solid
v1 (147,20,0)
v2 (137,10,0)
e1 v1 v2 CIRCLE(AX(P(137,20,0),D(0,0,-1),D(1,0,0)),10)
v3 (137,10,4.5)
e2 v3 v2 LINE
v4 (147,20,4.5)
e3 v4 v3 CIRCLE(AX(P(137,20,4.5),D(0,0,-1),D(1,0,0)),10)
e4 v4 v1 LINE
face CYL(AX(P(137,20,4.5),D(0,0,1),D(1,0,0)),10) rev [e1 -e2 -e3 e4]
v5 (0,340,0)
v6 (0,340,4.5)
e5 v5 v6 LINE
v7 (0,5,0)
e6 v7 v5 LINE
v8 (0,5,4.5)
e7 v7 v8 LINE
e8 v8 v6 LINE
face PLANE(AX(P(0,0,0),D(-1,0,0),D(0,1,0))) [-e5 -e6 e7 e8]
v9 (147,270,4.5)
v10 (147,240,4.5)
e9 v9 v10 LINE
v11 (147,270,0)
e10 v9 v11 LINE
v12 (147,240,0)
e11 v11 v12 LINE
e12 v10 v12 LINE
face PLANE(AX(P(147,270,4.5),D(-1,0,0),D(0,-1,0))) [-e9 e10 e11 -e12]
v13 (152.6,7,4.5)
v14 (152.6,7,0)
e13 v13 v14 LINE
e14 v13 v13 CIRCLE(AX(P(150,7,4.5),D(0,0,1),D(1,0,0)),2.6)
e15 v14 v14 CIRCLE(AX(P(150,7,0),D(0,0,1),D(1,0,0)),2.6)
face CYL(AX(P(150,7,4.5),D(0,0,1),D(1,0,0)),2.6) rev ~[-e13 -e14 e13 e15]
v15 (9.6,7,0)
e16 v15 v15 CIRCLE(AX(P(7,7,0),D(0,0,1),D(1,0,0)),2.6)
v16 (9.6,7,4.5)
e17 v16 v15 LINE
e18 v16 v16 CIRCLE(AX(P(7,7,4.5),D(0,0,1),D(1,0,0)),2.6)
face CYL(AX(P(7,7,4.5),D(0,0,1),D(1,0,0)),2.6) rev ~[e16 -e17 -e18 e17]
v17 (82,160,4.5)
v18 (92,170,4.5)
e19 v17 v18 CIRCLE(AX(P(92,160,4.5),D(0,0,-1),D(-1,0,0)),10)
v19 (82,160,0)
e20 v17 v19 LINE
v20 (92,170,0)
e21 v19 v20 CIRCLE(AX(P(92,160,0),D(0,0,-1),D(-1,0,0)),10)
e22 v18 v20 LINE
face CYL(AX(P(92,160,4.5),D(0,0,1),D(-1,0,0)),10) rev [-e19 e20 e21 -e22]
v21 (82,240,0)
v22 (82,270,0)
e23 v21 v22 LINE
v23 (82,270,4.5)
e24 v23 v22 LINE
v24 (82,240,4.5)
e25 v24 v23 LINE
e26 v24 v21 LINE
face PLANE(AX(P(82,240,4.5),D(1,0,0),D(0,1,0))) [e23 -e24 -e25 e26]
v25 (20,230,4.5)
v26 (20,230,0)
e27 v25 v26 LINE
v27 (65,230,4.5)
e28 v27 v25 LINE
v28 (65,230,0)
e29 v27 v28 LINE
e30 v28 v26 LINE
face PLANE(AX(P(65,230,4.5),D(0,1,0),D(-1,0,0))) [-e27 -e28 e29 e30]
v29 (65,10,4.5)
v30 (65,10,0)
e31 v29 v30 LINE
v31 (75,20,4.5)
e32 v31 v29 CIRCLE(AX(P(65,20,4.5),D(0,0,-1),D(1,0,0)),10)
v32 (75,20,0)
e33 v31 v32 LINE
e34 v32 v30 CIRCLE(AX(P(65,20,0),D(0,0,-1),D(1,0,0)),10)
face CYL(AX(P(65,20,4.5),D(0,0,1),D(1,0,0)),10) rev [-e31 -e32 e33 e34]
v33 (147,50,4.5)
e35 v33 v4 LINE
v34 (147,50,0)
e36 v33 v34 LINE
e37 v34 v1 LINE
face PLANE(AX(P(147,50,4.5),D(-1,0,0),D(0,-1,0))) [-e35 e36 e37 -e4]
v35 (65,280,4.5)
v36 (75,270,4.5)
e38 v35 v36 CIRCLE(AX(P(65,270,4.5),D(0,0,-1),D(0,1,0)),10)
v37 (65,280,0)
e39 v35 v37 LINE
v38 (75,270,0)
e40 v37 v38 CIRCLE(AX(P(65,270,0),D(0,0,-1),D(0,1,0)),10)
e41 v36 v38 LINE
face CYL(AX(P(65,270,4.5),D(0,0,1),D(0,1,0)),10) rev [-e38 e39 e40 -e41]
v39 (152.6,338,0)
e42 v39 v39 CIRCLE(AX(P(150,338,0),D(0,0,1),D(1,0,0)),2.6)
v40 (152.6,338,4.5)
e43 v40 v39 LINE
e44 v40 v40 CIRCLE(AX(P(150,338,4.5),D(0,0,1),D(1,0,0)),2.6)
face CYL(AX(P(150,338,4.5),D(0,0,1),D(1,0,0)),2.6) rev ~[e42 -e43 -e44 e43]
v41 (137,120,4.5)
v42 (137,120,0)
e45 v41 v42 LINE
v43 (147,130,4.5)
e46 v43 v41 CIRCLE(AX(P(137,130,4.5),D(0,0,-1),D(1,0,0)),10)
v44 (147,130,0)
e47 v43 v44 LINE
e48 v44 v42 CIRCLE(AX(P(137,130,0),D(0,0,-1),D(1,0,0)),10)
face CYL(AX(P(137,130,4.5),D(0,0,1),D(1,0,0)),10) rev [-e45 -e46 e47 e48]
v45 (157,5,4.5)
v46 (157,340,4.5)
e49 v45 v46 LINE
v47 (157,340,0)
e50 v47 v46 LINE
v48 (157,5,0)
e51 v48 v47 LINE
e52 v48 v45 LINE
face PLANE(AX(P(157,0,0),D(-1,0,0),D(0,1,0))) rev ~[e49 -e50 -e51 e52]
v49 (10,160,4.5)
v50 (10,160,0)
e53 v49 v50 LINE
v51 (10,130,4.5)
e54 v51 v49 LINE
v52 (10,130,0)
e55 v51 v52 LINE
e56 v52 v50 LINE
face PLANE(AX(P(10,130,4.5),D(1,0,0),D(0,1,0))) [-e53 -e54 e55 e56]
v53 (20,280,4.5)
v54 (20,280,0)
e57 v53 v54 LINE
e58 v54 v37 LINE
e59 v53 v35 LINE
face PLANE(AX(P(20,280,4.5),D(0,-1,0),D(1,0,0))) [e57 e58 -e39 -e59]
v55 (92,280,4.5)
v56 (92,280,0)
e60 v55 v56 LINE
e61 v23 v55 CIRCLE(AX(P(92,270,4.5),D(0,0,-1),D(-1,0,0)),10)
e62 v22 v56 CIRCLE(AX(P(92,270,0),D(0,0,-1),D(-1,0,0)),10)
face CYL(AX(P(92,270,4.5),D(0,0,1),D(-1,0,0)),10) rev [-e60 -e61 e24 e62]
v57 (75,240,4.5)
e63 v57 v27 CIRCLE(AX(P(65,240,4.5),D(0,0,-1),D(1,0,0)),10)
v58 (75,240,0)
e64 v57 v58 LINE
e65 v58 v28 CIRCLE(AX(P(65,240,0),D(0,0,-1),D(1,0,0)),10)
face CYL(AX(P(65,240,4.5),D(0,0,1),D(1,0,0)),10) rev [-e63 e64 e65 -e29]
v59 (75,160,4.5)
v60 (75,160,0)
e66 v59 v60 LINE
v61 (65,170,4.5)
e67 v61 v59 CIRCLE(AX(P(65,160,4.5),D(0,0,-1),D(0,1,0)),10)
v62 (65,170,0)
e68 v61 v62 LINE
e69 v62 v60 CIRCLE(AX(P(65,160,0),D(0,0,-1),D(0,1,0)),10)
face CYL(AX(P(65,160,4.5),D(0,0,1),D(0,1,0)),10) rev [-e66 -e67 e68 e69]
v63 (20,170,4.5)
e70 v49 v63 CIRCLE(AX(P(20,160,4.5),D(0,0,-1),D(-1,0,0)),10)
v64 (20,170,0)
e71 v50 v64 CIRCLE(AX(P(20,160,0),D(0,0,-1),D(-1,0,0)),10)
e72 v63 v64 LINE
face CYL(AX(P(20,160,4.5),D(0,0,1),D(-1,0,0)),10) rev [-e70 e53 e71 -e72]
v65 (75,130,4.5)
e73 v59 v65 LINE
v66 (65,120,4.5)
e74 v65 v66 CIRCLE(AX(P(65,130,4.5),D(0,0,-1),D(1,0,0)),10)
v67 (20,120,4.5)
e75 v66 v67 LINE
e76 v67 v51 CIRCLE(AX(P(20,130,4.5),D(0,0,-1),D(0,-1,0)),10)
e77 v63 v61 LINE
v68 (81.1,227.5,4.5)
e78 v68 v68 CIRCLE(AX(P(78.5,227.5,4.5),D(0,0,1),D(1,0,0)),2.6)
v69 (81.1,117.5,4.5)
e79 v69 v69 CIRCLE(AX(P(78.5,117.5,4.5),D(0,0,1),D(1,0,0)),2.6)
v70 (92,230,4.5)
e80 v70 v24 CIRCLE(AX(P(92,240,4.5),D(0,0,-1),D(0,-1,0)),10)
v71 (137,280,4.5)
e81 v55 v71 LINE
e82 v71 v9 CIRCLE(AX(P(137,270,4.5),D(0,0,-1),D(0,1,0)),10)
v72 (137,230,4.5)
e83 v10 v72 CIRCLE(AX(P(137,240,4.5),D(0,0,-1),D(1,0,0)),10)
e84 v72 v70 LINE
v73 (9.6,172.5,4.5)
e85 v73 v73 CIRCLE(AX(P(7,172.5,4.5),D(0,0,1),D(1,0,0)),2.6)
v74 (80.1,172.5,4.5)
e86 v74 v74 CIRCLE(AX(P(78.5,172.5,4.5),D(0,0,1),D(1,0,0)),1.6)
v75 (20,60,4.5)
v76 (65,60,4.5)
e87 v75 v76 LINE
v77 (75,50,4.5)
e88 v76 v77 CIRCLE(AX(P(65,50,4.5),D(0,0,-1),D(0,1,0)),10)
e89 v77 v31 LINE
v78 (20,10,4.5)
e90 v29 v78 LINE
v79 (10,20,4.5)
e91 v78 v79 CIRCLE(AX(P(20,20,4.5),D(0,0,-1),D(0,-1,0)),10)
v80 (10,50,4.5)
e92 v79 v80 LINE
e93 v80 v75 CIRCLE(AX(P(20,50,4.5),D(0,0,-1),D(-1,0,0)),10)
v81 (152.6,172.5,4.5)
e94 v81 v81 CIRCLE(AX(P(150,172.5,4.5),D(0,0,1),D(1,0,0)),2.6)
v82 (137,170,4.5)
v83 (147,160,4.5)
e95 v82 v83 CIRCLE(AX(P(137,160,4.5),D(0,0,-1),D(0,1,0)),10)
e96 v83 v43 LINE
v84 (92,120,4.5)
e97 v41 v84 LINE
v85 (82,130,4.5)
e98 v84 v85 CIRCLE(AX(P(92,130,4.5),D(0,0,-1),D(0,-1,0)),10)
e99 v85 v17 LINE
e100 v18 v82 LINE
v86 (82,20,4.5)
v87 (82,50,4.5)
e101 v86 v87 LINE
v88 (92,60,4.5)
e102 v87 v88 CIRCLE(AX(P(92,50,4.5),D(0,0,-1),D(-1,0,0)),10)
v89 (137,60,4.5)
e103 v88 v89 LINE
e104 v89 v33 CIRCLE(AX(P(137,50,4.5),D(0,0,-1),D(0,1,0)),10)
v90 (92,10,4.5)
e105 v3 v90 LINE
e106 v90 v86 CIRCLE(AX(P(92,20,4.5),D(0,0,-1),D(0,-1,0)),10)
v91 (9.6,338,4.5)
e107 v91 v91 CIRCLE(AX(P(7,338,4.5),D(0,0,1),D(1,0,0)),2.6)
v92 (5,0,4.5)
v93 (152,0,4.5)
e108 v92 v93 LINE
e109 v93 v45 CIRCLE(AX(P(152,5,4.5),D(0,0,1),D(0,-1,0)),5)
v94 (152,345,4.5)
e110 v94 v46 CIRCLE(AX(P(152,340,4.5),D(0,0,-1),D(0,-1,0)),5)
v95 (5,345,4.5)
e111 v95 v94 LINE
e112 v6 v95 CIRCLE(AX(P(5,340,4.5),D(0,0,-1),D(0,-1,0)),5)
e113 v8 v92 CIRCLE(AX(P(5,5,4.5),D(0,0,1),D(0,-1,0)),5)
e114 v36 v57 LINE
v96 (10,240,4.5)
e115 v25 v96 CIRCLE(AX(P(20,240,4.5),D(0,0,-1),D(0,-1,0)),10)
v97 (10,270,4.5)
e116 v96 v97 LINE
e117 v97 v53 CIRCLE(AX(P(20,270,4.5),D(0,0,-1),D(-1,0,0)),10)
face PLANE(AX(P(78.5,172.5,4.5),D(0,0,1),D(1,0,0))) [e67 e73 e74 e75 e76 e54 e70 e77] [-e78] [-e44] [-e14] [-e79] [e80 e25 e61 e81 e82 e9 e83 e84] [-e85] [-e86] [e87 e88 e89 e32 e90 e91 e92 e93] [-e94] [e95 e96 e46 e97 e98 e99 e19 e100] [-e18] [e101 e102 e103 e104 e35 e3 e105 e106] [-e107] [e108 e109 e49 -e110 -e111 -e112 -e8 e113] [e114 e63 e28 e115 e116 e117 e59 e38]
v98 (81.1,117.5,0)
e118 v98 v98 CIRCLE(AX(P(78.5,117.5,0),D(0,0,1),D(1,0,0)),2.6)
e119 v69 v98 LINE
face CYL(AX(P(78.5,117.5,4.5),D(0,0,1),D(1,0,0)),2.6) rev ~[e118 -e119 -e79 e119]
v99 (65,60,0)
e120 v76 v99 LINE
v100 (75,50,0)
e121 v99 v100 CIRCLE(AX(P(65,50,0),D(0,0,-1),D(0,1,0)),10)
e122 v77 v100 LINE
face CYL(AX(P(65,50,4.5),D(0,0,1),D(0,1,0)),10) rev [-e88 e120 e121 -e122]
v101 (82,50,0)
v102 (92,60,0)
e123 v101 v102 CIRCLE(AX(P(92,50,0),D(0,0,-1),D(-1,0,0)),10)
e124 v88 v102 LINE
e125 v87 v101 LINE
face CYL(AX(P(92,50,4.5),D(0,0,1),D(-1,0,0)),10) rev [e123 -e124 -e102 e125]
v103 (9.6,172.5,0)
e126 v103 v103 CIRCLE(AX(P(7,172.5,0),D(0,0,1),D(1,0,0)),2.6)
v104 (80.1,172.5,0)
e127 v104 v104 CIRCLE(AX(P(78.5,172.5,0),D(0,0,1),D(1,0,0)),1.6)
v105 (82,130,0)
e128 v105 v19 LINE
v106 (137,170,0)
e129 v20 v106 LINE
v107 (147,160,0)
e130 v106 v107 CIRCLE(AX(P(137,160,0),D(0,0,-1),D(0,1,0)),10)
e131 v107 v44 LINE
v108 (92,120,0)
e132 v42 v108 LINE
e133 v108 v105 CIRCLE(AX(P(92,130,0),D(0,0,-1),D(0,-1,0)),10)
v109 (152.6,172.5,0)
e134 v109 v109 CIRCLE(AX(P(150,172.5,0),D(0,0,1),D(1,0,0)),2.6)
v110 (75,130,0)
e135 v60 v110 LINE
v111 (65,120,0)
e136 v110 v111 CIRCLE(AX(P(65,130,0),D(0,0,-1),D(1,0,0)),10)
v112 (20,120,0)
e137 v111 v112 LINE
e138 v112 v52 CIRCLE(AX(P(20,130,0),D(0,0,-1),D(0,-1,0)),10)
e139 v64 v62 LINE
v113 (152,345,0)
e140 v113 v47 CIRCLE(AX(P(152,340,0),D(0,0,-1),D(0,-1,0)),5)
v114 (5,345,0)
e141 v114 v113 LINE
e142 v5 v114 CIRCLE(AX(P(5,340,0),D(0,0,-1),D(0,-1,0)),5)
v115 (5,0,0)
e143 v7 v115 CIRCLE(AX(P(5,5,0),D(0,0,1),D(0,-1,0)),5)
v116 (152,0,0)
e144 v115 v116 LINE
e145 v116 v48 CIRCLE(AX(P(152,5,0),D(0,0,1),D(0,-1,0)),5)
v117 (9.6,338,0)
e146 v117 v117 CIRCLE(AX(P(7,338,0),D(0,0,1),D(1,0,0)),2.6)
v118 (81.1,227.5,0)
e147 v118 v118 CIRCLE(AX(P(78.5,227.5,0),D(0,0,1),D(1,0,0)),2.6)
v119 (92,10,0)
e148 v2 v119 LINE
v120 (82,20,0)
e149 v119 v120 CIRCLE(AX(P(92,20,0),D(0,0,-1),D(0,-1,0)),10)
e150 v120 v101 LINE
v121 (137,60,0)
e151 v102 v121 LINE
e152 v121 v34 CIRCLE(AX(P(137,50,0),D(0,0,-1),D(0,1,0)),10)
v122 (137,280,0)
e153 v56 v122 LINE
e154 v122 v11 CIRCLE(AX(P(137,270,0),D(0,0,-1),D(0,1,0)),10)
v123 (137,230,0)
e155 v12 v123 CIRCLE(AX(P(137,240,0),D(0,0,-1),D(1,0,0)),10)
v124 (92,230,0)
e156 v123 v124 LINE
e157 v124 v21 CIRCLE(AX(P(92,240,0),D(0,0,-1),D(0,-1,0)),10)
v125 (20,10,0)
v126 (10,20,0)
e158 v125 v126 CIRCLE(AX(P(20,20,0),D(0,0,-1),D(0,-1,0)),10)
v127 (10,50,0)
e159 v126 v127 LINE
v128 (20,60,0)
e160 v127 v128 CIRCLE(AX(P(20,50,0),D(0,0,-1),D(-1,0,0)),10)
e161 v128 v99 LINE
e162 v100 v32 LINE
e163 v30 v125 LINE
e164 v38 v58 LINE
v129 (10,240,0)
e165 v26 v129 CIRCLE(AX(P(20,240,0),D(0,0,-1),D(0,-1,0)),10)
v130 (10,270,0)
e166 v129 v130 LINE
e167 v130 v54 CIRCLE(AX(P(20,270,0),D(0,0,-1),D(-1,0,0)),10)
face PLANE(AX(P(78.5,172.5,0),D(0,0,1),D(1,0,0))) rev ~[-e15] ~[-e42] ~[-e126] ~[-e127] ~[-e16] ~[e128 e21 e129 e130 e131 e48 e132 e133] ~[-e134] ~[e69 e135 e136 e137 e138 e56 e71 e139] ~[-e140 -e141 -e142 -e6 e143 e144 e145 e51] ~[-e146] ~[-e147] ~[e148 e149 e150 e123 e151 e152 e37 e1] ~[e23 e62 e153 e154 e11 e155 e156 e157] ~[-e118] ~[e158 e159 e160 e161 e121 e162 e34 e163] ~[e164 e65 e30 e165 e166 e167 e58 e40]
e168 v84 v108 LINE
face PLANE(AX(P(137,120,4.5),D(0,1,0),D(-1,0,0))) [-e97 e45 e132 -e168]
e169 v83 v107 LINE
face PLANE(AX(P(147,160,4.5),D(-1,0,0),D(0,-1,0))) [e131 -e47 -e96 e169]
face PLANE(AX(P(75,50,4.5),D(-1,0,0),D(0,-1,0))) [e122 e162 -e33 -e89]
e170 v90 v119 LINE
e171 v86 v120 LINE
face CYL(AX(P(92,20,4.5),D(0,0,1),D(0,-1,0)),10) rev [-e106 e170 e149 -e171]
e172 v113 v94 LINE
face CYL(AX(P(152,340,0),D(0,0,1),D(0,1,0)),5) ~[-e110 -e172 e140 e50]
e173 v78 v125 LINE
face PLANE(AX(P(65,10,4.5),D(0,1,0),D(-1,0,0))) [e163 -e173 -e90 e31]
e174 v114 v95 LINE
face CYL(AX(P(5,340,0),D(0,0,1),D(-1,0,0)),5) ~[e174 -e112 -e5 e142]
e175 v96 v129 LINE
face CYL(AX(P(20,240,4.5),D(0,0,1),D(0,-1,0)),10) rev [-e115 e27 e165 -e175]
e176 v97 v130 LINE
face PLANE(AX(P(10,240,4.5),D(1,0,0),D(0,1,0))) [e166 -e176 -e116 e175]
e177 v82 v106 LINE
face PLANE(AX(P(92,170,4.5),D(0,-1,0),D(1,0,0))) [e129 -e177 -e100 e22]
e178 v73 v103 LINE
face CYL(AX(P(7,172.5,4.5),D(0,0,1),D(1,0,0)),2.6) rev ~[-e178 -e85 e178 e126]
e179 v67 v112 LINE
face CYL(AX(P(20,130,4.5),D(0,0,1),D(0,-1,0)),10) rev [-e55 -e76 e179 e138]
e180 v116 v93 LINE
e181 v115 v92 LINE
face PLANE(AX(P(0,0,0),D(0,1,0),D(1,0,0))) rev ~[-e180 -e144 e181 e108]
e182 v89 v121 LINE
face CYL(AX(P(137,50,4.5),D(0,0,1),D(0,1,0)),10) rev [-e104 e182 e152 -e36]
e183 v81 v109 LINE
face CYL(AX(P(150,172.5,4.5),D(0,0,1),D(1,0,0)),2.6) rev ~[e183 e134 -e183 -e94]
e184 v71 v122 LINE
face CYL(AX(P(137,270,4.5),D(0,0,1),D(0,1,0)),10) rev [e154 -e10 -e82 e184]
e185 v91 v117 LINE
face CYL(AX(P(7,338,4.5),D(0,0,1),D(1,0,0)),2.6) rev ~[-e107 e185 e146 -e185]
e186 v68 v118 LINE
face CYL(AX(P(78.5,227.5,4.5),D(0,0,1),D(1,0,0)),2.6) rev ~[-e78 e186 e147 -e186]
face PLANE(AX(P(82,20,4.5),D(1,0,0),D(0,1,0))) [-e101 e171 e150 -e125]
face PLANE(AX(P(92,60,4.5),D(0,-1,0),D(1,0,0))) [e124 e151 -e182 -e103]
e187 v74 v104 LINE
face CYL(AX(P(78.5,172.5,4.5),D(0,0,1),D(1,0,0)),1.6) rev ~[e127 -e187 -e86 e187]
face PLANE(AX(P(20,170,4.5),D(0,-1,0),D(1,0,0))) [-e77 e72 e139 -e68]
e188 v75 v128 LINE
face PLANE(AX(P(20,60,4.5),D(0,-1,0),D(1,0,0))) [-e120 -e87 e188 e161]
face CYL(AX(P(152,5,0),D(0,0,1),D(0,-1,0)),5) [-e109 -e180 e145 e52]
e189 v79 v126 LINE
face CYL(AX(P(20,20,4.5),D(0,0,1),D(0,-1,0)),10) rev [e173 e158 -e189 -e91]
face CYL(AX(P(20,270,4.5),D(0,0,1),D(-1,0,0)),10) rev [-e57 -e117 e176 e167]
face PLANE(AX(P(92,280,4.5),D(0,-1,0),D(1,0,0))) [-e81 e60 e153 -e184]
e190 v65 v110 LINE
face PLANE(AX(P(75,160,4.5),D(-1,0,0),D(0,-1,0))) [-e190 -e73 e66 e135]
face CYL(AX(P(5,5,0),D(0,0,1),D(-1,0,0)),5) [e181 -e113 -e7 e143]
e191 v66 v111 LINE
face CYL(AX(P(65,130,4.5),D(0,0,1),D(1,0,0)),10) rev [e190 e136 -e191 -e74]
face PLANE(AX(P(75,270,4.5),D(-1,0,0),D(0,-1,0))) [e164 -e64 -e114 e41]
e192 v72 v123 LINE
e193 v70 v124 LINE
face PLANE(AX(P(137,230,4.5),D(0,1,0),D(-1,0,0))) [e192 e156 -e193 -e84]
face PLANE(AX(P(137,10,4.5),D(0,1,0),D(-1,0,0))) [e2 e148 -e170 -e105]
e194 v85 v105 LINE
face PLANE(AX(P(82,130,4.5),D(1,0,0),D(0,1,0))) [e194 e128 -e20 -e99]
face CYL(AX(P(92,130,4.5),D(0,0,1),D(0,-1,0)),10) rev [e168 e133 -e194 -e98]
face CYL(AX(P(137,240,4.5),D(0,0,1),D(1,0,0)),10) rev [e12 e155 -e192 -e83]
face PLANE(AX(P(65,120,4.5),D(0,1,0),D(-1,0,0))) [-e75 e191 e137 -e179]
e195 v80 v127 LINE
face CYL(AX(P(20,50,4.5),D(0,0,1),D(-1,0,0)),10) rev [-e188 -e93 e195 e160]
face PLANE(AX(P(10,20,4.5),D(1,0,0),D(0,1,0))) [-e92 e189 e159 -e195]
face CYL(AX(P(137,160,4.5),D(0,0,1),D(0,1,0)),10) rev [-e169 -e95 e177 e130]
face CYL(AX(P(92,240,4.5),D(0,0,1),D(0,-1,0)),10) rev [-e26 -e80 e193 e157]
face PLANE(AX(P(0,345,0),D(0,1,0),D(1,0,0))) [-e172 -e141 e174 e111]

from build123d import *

# Parameters (mm, degrees)
SKETCH_1_W          = 157
SKETCH_1_H          = 345
EXTRUDE_1_DEPTH     = 4.5
CUT_EXTRUDE_1_DEPTH = 4.5
SKETCH_3_R          = 2.6
SKETCH_3_R_2        = 1.6
CUT_EXTRUDE_2_DEPTH = 4.5
FILLET_1_R          = 5


with BuildPart() as part:
    # 草图1 → 凸台-拉伸1 (new body)
    with BuildSketch(Plane.XY):
        with Locations((78.5, 172.5)):
            Rectangle(SKETCH_1_W, SKETCH_1_H)
    extrude(amount=EXTRUDE_1_DEPTH)

    # 草图2 → 切除-拉伸1 (cut)
    with BuildSketch(Plane.XY.offset(4.5)):
        with BuildLine():
            Line((20, 60), (65, 60))
            ThreePointArc((65, 60), (72.071067812, 57.071067812), (75, 50))
            Line((75, 50), (75, 20))
            ThreePointArc((75, 20), (72.071067812, 12.928932188), (65, 10))
            Line((65, 10), (20, 10))
            ThreePointArc((20, 10), (12.928932188, 12.928932188), (10, 20))
            Line((10, 20), (10, 50))
            ThreePointArc((10, 50), (12.928932188, 57.071067812), (20, 60))
        make_face()
        with BuildLine():
            Line((92, 60), (137, 60))
            ThreePointArc((137, 60), (144.071067812, 57.071067812), (147, 50))
            Line((147, 50), (147, 20))
            ThreePointArc((147, 20), (144.071067812, 12.928932188), (137, 10))
            Line((137, 10), (92, 10))
            ThreePointArc((92, 10), (84.928932188, 12.928932188), (82, 20))
            Line((82, 20), (82, 50))
            ThreePointArc((82, 50), (84.928932188, 57.071067812), (92, 60))
        make_face()
        with BuildLine():
            Line((92, 170), (137, 170))
            ThreePointArc((137, 170), (144.071067812, 167.071067812), (147, 160))
            Line((147, 160), (147, 130))
            ThreePointArc((147, 130), (144.071067812, 122.928932188), (137, 120))
            Line((137, 120), (92, 120))
            ThreePointArc((92, 120), (84.928932188, 122.928932188), (82, 130))
            Line((82, 130), (82, 160))
            ThreePointArc((82, 160), (84.928932188, 167.071067812), (92, 170))
        make_face()
        with BuildLine():
            Line((92, 280), (137, 280))
            ThreePointArc((137, 280), (144.071067812, 277.071067812), (147, 270))
            Line((147, 270), (147, 240))
            ThreePointArc((147, 240), (144.071067812, 232.928932188), (137, 230))
            Line((137, 230), (92, 230))
            ThreePointArc((92, 230), (84.928932188, 232.928932188), (82, 240))
            Line((82, 240), (82, 270))
            ThreePointArc((82, 270), (84.928932188, 277.071067812), (92, 280))
        make_face()
        with BuildLine():
            Line((20, 170), (65, 170))
            ThreePointArc((65, 170), (72.071067812, 167.071067812), (75, 160))
            Line((75, 160), (75, 130))
            ThreePointArc((75, 130), (72.071067812, 122.928932188), (65, 120))
            Line((65, 120), (20, 120))
            ThreePointArc((20, 120), (12.928932188, 122.928932188), (10, 130))
            Line((10, 130), (10, 160))
            ThreePointArc((10, 160), (12.928932188, 167.071067812), (20, 170))
        make_face()
        with BuildLine():
            Line((20, 280), (65, 280))
            ThreePointArc((65, 280), (72.071067812, 277.071067812), (75, 270))
            Line((75, 270), (75, 240))
            ThreePointArc((75, 240), (72.071067812, 232.928932188), (65, 230))
            Line((65, 230), (20, 230))
            ThreePointArc((20, 230), (12.928932188, 232.928932188), (10, 240))
            Line((10, 240), (10, 270))
            ThreePointArc((10, 270), (12.928932188, 277.071067812), (20, 280))
        make_face()
    extrude(amount=-CUT_EXTRUDE_1_DEPTH, mode=Mode.SUBTRACT)

    # 草图3 → 切除-拉伸2 (cut)
    with BuildSketch(Plane.XY.offset(4.5)):
        with Locations((7, 338)):
            Circle(SKETCH_3_R)
        with Locations((150, 338)):
            Circle(SKETCH_3_R)
        with Locations((150, 7)):
            Circle(SKETCH_3_R)
        with Locations((7, 7)):
            Circle(SKETCH_3_R)
        with Locations((150, 172.5)):
            Circle(SKETCH_3_R)
        with Locations((7, 172.5)):
            Circle(SKETCH_3_R)
        with Locations((78.5, 172.5)):
            Circle(SKETCH_3_R_2)
        with Locations((78.5, 227.5)):
            Circle(SKETCH_3_R)
        with Locations((78.5, 117.5)):
            Circle(SKETCH_3_R)
    extrude(amount=-CUT_EXTRUDE_2_DEPTH, mode=Mode.SUBTRACT)

    # 圆角1
    fillet_1_edges = [part.edges().sort_by_distance(p)[0] for p in [
        (0, 345, 2.25),
        (157, 345, 2.25),
        (157, 0, 2.25),
        (0, 0, 2.25),
    ]]
    fillet(fillet_1_edges, radius=FILLET_1_R)


solid = part.part
